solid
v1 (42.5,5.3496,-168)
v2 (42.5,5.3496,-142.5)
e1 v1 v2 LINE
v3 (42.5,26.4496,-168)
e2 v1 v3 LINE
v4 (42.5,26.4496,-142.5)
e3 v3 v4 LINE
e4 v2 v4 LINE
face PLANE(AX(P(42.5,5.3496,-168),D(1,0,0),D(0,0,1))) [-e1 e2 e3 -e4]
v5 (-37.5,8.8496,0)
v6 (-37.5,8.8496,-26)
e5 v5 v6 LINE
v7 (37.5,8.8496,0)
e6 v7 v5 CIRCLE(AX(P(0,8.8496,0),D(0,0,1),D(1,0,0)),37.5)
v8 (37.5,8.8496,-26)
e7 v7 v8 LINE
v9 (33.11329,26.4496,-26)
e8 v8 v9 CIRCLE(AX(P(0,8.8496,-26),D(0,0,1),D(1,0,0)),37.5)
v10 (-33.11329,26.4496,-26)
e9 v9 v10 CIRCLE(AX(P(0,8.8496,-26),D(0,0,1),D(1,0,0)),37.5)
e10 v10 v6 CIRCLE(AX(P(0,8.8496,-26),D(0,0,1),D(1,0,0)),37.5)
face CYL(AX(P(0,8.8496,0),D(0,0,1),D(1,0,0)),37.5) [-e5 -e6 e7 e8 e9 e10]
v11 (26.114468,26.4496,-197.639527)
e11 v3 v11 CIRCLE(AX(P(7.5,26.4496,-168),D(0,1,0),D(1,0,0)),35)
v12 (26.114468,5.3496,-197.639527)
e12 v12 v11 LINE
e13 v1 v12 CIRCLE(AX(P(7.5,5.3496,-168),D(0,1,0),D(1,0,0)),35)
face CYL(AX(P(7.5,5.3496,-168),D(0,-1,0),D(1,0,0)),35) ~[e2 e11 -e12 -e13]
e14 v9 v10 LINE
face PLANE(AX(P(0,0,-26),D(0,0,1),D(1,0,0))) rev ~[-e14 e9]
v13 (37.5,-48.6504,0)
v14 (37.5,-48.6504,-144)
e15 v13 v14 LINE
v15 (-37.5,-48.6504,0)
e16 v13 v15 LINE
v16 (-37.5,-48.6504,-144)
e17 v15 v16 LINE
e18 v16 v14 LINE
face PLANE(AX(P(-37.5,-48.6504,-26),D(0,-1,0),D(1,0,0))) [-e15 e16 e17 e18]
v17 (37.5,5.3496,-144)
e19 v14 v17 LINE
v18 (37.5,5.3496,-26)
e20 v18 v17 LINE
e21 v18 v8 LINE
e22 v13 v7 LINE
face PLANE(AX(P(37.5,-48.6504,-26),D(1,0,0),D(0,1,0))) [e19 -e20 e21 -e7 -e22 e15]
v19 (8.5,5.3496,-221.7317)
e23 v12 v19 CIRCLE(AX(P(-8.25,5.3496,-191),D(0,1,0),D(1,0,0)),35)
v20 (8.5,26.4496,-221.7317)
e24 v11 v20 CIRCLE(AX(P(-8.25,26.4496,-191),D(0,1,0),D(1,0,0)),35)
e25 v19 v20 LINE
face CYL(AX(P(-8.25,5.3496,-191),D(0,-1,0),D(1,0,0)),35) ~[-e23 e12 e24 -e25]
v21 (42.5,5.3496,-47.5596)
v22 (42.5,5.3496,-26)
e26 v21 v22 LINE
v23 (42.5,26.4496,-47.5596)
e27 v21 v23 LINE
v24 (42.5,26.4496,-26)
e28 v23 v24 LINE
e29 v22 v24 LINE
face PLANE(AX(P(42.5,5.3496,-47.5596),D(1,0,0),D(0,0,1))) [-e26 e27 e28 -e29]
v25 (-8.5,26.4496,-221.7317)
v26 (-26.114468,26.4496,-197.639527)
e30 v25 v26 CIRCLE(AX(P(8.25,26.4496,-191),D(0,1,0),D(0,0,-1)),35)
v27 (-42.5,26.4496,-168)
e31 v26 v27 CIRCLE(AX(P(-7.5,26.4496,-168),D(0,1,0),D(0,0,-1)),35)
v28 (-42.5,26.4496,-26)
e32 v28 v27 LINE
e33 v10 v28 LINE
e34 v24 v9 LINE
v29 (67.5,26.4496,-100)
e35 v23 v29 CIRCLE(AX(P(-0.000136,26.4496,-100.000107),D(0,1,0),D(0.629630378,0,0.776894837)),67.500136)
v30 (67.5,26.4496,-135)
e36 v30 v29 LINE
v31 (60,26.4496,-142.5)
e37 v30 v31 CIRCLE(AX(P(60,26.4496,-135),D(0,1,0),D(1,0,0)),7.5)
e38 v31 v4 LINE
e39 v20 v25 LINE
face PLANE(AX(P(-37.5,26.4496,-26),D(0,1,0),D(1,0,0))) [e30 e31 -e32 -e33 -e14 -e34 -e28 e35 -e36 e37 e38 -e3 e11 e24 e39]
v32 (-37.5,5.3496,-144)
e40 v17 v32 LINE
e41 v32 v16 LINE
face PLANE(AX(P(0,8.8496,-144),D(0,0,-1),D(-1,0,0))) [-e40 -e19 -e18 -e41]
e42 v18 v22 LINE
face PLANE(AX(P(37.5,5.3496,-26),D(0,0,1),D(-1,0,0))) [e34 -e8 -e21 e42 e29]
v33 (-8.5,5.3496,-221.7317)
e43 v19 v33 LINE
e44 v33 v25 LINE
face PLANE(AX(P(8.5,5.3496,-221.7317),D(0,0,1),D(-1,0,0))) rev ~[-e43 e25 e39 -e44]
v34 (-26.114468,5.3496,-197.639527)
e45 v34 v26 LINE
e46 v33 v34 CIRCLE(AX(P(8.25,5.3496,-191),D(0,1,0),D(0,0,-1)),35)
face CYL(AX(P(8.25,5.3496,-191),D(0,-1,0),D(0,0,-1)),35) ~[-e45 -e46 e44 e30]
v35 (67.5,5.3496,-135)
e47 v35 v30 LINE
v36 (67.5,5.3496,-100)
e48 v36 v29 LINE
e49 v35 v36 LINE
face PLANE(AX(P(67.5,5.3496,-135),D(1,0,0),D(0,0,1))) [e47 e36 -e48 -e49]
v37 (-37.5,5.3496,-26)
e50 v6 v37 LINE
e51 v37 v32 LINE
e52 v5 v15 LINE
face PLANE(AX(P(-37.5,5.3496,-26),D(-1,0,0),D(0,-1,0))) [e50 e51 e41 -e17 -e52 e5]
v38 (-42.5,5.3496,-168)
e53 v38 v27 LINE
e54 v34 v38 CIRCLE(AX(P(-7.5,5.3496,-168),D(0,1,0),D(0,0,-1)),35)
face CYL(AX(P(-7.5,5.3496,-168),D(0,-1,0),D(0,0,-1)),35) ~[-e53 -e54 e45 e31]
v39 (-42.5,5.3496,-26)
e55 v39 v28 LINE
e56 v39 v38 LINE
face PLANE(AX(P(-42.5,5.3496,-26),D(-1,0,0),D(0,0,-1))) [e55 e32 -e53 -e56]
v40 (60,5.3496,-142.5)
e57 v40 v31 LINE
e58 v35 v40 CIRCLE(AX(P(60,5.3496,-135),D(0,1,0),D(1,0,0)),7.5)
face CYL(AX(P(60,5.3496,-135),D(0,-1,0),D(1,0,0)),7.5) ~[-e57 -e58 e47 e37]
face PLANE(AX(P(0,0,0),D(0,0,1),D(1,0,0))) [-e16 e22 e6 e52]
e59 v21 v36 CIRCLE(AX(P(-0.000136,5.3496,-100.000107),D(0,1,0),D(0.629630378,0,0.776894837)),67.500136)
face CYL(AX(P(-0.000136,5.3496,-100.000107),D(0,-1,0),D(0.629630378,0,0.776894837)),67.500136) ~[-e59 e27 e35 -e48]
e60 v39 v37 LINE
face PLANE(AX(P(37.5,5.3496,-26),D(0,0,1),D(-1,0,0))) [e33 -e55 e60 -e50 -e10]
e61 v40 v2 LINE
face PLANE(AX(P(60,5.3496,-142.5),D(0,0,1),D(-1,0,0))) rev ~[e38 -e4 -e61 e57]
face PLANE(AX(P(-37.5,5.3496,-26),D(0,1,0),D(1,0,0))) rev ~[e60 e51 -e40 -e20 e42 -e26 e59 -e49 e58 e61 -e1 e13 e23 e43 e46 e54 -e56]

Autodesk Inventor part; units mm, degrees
sketch "Sketch1" plane through (0, 0, 0) normal (0, 0, 1) x (1, 0, 0)
  arc A0 (-16, 36.5624) -> (16, 36.5624) centre (0, 8.8496) ccw projected
  line L0 (-16, 36.5624) -> (0, 45.8) projected
  line L1 (0, 45.8) -> (16, 36.5624) projected
  line L2 (37.5, 8.8496) -> (37.5, -28.6504) projected
  arc A1 (37.5, 8.8496) -> (-37.5, 8.8496) centre (0, 8.8496) ccw projected
  line L3 (-37.5, -28.6504) -> (-37.5, 8.8496) projected
  line L4 (37.5, -28.6504) -> (-37.5, -28.6504) projected
  line L5 (-37.5, -28.6504) -> (37.5, -28.6504)
  line L6 (37.5, -28.6504) -> (37.5, -48.6504)
  line L7 (37.5, -48.6504) -> (-37.5, -48.6504)
  line L8 (-37.5, -48.6504) -> (-37.5, -28.6504)
  point P0 (0, 0)
  dimension "d0" = 20
ref_plane "Work Plane1" through (-37.4166, 11.3496, -26) normal (0, 0, -1) x (0, 1, 0)
extrude "Extrusion1" add sketch "Sketch1" against normal up to surface (26 mm away) contours L0 L1 A0 | L2 L4 L3 A1 | L6 L7 L8 L4
sketch "Sketch2" plane through (0, 8.8496, -26) normal (0, 0, -1) x (-1, 0, 0)
  line L0 (-37.5, -57.5) -> (-37.5, 0) projected
  line L1 (37.5, -57.5) -> (-37.5, -57.5) projected
  line L2 (37.5, 0) -> (37.5, -57.5) projected
  line L3 (-37.5, -3.5) -> (-28.6182, -3.5) projected
  line L4 (-37.5, -57.5) -> (37.5, -57.5)
  line L5 (37.5, -57.5) -> (37.5, -3.5)
  line L6 (37.5, -3.5) -> (-37.5, -3.5)
  line L7 (-37.5, -3.5) -> (-37.5, -57.5)
  point P0 (0, -8.8496)
ref_plane "Work Plane2" through (-37.5, -28.6504, -144) normal (0, 0, -1) x (0, 1, 0)
extrude "Extrusion2" add sketch "Sketch2" along normal up to surface (118 mm away)
sketch "Sketch3" plane through (-37.5, 5.3496, -26) normal (0, 1, 0) x (1, 0, 0)
  line L0 (75, 118) -> (0, 118) projected
  line L1 (0, 0) -> (0, 118) projected
  line L2 (75, 0) -> (0, 0) projected
  line L3 (75, 0) -> (75, 118) projected
  line L4 (80, 0) -> (-5, 0)
  line L5 (-5, 0) -> (-5, 142)
  line L6 (-5, 142) -> (80, 142)
  line L7 (80, 142) -> (80, 0)
  line L8 (37.5, 0) -> (37.5, 165)
  arc A0 (72.5, 142) -> (2.5, 142) centre (37.5, 142) ccw construction
  arc A1 (80, 142) -> (45, 177) centre (45, 142) ccw
  arc A2 (30, 177) -> (-5, 142) centre (30, 142) ccw
  line L9 (45, 177) -> (30, 177)
  line L10 (64.25, 165) -> (10.75, 165)
  arc A3 (45.75, 200) -> (10.75, 165) centre (45.75, 165) ccw
  line L11 (45.75, 165) -> (45.75, 200) construction
  line L12 (45.75, 165) -> (10.75, 165) construction
  arc A4 (64.25, 165) -> (29.25, 200) centre (29.25, 165) ccw
  line L13 (29.25, 165) -> (29.25, 200) construction
  line L14 (29.25, 165) -> (64.25, 165) construction
  line L15 (46, 195.7317) -> (29, 195.7317)
  line L16 (37.5, 109) -> (97.5, 109) construction
  circle A5 centre (97.5, 109) radius 7.5 construction
  arc A6 (80, 56.5596) -> (105, 109) centre (37.5, 109) ccw construction
  line L17 (105, 109) -> (105, 74)
  arc A7 (80, 21.5596) -> (105, 74) centre (37.5, 74) ccw
  line L18 (97.5, 116.5) -> (80, 116.5)
  arc A8 (105, 109) -> (97.5, 116.5) centre (97.5, 109) ccw
  point P0 (37.5, -26)
  point P1 (37.5, 118)
  point P2 (37.5, 142)
  dimension "d5" = 5
  dimension "d6" = 5
  dimension "d7" = 24
  dimension "d8" = 35
  dimension "d9" = 35
  dimension "d10" = 35
  dimension "d11" = 47
  dimension "d12" = 53.5
  dimension "d13" = 90
  dimension "d14" = 90
  dimension "d15" = 35
  dimension "d16" = 35
  dimension "d17" = 17
  dimension "d26" = 15
  dimension "d27" = 60
  dimension "d28" = 109
  dimension "d29" = 35
ref_plane "Work Plane3" through (-7.5, 26.4496, -42.5) normal (0, 1, 0) x (0, 0, 1)
extrude "Extrusion3" add sketch "Sketch3" along normal up to surface (21.1 mm away) contours L3 L2 L8 L0 | L0 L8 L6 L7 L4 L3 | L8 L2 L1 L0 | L0 L1 L4 L5 L6 L8 | L8 L10 A4 A1 L6 | L6 A2 A3 L10 L8 | L10 A3 A2 L9 A1 A4 | L7 L18 A8 L17 A7 | A3 L15 A4 A1 L9 A2
ref_plane "Work Plane4" through (12.5, 5.3496, -168) normal (-1, 0, 0) x (0, 0, 1)
ref_plane "Work Plane6" through (0, -1.1504, 0) normal (0, -1, 0) x (1, 0, 0)
ref_plane "Work Plane5" through (0, 46.3496, 0) normal (0, -1, 0) x (1, 0, 0)
ref_plane "Work Plane7" through (0, 0, -110.8659) normal (0, 0, 1) x (1, 0, 0)
equation "\"d9\" = d8"
equation "\"d10\" = d8"
equation "\"d15\" = d8"
equation "\"d16\" = d8"
properties part number "Space Envelope"
